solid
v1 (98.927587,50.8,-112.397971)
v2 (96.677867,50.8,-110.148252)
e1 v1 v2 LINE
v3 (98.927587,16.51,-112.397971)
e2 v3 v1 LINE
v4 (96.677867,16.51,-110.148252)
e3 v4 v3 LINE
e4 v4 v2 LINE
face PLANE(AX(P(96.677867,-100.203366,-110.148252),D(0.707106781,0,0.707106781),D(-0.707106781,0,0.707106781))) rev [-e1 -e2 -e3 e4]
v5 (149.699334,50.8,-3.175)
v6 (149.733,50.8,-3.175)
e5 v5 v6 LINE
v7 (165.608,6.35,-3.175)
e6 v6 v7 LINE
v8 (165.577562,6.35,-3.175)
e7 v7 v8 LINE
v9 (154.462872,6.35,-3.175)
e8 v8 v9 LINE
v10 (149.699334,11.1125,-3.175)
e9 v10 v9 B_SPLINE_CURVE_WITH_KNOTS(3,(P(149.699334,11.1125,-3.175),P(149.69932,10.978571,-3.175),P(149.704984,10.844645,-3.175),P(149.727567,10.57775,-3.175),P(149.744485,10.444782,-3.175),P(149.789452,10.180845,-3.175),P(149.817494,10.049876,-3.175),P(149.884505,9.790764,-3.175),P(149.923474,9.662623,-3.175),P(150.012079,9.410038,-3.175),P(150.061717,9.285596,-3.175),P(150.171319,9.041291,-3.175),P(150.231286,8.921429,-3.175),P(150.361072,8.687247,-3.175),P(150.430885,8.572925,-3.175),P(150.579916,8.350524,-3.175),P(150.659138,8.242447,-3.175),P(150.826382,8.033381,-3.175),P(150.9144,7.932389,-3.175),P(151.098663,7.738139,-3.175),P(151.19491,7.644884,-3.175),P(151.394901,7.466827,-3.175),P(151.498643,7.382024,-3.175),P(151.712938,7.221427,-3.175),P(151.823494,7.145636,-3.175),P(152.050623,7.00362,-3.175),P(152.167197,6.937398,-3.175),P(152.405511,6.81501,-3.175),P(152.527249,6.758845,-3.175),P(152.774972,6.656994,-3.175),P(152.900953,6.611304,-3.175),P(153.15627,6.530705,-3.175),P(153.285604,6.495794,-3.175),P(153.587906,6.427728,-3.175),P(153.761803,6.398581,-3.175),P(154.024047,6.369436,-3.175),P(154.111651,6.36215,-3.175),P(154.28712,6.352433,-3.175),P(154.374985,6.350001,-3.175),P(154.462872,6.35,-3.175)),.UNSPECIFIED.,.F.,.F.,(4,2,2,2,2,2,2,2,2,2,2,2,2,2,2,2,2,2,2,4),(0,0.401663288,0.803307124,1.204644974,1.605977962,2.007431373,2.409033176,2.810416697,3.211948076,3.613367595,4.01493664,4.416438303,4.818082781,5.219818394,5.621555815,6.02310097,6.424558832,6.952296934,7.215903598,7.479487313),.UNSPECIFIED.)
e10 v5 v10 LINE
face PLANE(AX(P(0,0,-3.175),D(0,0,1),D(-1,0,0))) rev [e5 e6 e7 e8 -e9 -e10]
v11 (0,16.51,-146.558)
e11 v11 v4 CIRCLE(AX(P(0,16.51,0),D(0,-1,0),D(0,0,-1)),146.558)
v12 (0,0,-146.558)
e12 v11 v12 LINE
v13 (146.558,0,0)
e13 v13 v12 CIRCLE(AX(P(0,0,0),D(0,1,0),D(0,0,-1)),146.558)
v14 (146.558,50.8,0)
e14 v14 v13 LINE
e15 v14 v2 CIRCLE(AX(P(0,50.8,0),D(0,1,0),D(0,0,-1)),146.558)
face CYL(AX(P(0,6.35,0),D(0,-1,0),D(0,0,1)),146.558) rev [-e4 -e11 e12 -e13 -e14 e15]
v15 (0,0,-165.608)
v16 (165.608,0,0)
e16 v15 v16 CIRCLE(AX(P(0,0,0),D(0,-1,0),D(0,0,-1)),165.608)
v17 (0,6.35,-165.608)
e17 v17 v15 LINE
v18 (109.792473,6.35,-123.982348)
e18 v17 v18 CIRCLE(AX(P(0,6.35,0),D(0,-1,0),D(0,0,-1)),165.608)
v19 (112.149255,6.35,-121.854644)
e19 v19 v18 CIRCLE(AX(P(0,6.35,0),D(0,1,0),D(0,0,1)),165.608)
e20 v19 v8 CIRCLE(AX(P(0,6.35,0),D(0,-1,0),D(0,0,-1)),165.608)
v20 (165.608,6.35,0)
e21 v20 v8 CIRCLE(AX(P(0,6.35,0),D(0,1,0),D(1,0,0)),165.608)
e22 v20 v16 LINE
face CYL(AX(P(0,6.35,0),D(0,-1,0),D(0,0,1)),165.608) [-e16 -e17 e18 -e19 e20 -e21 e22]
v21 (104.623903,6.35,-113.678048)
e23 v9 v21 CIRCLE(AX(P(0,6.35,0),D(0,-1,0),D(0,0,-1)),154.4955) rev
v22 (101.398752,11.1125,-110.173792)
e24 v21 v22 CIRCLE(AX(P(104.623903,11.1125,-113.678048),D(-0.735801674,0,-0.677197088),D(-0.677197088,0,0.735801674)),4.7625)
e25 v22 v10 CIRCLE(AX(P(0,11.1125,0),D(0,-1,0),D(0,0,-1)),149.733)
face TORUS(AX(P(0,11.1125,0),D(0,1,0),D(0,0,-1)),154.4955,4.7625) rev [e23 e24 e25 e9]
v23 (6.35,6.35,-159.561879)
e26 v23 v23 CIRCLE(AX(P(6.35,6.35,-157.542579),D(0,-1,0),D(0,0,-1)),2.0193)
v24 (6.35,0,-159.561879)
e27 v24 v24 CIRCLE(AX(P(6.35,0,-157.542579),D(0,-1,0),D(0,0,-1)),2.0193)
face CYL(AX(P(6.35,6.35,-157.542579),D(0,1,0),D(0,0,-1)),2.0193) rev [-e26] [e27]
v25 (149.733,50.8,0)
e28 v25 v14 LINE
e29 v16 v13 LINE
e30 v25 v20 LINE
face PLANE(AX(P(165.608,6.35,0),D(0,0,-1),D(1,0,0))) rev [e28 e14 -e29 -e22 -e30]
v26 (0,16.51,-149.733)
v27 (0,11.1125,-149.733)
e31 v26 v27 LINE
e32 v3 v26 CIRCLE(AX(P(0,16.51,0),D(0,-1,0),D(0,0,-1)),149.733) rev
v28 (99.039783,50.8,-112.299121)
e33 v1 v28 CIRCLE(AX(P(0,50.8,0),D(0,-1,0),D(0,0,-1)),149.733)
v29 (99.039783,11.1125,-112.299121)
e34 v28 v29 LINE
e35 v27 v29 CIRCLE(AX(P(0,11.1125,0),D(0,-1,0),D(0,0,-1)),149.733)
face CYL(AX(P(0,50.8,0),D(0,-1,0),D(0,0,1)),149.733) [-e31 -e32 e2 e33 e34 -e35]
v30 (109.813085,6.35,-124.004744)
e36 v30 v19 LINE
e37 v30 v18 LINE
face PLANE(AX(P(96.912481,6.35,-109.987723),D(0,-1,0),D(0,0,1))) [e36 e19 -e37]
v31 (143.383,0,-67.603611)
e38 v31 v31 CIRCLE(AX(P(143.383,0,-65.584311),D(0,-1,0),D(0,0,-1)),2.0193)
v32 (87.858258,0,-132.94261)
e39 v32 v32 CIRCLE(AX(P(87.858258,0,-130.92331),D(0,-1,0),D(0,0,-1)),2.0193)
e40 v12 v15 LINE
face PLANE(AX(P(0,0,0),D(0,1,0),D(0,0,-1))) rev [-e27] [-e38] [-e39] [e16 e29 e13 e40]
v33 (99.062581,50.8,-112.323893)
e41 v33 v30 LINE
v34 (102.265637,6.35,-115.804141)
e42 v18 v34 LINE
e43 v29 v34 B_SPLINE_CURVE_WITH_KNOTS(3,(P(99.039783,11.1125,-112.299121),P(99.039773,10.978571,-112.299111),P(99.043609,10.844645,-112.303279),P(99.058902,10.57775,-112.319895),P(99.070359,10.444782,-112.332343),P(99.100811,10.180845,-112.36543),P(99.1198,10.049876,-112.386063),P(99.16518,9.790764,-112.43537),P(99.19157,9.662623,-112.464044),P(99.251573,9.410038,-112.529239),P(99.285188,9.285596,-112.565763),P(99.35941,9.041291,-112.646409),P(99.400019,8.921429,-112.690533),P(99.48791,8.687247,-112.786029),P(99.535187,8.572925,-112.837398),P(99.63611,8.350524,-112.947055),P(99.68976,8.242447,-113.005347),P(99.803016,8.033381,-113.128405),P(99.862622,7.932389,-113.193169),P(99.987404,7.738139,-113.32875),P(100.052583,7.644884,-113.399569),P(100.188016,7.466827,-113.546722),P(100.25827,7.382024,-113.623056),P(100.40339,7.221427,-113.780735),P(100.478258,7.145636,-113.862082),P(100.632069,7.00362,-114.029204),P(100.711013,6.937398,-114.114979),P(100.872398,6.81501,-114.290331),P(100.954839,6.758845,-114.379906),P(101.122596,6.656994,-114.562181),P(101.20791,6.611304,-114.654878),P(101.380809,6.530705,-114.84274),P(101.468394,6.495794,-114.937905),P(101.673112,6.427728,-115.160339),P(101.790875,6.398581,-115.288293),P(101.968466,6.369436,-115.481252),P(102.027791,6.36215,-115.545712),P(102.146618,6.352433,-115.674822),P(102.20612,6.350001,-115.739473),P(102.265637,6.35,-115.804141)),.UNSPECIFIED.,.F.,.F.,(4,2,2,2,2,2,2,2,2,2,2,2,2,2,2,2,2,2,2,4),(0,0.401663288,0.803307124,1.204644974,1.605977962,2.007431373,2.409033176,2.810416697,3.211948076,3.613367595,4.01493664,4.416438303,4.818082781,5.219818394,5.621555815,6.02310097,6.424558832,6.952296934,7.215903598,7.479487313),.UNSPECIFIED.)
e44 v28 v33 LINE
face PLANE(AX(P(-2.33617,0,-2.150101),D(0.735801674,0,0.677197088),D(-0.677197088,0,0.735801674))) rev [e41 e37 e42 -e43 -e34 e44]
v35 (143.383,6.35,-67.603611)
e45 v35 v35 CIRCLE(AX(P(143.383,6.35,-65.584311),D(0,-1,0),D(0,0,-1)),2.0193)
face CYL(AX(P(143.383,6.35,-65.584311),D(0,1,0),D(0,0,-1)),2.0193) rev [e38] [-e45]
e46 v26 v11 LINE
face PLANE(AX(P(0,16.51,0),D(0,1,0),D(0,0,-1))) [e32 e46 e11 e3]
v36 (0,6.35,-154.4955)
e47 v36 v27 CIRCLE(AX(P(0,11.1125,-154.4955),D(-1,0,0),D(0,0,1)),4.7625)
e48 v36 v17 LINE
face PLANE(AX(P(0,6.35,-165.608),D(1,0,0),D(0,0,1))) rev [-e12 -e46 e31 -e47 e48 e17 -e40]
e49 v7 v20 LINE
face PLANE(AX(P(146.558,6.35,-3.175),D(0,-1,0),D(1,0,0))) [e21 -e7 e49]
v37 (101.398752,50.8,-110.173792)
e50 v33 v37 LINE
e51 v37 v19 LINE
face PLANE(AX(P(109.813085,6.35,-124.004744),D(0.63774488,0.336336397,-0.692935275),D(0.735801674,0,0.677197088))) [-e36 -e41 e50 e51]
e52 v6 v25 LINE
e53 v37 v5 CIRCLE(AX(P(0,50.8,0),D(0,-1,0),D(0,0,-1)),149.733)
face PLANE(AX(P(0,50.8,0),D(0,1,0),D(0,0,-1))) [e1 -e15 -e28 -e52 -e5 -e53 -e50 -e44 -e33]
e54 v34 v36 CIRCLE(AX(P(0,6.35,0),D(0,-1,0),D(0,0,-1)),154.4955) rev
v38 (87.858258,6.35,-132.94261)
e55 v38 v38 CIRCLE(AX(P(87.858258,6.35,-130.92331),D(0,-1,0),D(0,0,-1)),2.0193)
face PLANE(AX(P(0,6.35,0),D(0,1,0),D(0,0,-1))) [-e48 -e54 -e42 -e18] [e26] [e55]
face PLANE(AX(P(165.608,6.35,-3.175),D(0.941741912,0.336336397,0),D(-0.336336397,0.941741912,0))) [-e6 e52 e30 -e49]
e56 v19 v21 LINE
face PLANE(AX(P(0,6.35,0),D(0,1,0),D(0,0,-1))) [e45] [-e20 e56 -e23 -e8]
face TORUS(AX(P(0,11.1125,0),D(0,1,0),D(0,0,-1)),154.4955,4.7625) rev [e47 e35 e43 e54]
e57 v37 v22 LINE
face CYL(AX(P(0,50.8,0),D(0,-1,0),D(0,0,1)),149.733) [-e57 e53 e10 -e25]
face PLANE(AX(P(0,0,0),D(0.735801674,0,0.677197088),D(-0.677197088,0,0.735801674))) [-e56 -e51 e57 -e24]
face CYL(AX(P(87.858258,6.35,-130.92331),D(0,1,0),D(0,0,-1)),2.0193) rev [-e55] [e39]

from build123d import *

# Parameters (mm, degrees)
BOSS_EXTRUDE1_DEPTH        = 6.35
BOSS_EXTRUDE2_DEPTH        = 44.45
CUT_EXTRUDE1_DEPTH         = 34.29
F_10_32_TAPPED_HOLE1_D     = 4.0386
F_10_32_TAPPED_HOLE1_DEPTH = 6.35
BOSS_EXTRUDE3_DEPTH        = 3.175
CIRPATTERN1_COUNT          = 2
CIRPATTERN1_ANGLE          = 47.375
FILLET1_R                  = 4.7625


with BuildPart() as part:
    # Sketch1 → Boss-Extrude1 (new body)
    with BuildSketch(Plane(origin=(0, 0, 0), x_dir=(1, 0, 0), z_dir=(0, 1, 0))):
        with BuildLine():
            Line((165.608, 0), (146.558, 0))
            ThreePointArc((146.558, 0), (103.632155637, -103.632155637), (0, -146.558))
            Line((0, -146.558), (0, -165.608))
            ThreePointArc((0, -165.608), (117.102539819, -117.102539819), (165.608, 0))
        make_face()
    extrude(amount=BOSS_EXTRUDE1_DEPTH)

    # Sketch2 → Boss-Extrude2 (add)
    with BuildSketch(Plane(origin=(0, 6.35, 0), x_dir=(1, 0, 0), z_dir=(0, 1, 0))):
        with BuildLine():
            Line((146.558, 0), (149.733, 0))
            ThreePointArc((149.733, 0), (105.877219667, -105.877219667), (0, -149.733))
            Line((0, -149.733), (0, -146.558))
            ThreePointArc((0, -146.558), (103.632155637, -103.632155637), (146.558, 0))
        make_face()
    extrude(amount=BOSS_EXTRUDE2_DEPTH)

    # Sketch3 → Cut-Extrude1 (cut)
    with BuildSketch(Plane(origin=(0, 50.8, 0), x_dir=(1, 0, 0), z_dir=(0, 1, 0))):
        with BuildLine():
            Line((96.677867382, -110.148251563), (98.927586748, -112.39797093))
            ThreePointArc((98.927586748, -112.39797093), (52.869111529, -140.088644562), (0, -149.733))
            Line((0, -149.733), (0, -146.558))
            ThreePointArc((0, -146.558), (51.65336345, -137.153845766), (96.677867382, -110.148251563))
        make_face()
    extrude(amount=-CUT_EXTRUDE1_DEPTH, mode=Mode.SUBTRACT)

    # #10-32 Tapped Hole1
    with Locations(Plane(origin=(0, 6.35, 0), x_dir=(1, 0, 0), z_dir=(0, 1, 0))):
        with Locations((6.35, -157.542578595), (87.858258413, -130.923309609), (143.383000088, -65.58431105)):
            Hole(F_10_32_TAPPED_HOLE1_D / 2, depth=F_10_32_TAPPED_HOLE1_DEPTH)

    # Sketch9 → Boss-Extrude3 (add)
    with BuildSketch(Plane(origin=(0, 0, 0), x_dir=(-1, 0, 0), z_dir=(0, 0, -1))):
        Polygon((-165.608, 6.35), (-149.733, 50.8), (-146.558, 50.8), (-146.558, 6.35), align=None)
    boss_extrude3 = extrude(amount=-BOSS_EXTRUDE3_DEPTH)

    # CirPattern1: Boss-Extrude3 ×2 about axis
    cirpattern1_axis = Axis((0, 0, 0), (0, -1, 0))
    for i in range(1, CIRPATTERN1_COUNT):
        add(boss_extrude3.rotate(cirpattern1_axis, i * CIRPATTERN1_ANGLE / (CIRPATTERN1_COUNT - 1)))

    # Fillet1
    fillet1_edges = [part.edges().sort_by_distance(p)[0] for p in [
        (52.939054251, 6.35, 140.062228399),
        (136.472515739, 6.35, 61.605387238),
    ]]
    fillet(fillet1_edges, radius=FILLET1_R)


with BuildPart() as body_2:
    # Mirror1: mirrored copy
    add(part.part.mirror(Plane.XY))


solid = body_2.part
